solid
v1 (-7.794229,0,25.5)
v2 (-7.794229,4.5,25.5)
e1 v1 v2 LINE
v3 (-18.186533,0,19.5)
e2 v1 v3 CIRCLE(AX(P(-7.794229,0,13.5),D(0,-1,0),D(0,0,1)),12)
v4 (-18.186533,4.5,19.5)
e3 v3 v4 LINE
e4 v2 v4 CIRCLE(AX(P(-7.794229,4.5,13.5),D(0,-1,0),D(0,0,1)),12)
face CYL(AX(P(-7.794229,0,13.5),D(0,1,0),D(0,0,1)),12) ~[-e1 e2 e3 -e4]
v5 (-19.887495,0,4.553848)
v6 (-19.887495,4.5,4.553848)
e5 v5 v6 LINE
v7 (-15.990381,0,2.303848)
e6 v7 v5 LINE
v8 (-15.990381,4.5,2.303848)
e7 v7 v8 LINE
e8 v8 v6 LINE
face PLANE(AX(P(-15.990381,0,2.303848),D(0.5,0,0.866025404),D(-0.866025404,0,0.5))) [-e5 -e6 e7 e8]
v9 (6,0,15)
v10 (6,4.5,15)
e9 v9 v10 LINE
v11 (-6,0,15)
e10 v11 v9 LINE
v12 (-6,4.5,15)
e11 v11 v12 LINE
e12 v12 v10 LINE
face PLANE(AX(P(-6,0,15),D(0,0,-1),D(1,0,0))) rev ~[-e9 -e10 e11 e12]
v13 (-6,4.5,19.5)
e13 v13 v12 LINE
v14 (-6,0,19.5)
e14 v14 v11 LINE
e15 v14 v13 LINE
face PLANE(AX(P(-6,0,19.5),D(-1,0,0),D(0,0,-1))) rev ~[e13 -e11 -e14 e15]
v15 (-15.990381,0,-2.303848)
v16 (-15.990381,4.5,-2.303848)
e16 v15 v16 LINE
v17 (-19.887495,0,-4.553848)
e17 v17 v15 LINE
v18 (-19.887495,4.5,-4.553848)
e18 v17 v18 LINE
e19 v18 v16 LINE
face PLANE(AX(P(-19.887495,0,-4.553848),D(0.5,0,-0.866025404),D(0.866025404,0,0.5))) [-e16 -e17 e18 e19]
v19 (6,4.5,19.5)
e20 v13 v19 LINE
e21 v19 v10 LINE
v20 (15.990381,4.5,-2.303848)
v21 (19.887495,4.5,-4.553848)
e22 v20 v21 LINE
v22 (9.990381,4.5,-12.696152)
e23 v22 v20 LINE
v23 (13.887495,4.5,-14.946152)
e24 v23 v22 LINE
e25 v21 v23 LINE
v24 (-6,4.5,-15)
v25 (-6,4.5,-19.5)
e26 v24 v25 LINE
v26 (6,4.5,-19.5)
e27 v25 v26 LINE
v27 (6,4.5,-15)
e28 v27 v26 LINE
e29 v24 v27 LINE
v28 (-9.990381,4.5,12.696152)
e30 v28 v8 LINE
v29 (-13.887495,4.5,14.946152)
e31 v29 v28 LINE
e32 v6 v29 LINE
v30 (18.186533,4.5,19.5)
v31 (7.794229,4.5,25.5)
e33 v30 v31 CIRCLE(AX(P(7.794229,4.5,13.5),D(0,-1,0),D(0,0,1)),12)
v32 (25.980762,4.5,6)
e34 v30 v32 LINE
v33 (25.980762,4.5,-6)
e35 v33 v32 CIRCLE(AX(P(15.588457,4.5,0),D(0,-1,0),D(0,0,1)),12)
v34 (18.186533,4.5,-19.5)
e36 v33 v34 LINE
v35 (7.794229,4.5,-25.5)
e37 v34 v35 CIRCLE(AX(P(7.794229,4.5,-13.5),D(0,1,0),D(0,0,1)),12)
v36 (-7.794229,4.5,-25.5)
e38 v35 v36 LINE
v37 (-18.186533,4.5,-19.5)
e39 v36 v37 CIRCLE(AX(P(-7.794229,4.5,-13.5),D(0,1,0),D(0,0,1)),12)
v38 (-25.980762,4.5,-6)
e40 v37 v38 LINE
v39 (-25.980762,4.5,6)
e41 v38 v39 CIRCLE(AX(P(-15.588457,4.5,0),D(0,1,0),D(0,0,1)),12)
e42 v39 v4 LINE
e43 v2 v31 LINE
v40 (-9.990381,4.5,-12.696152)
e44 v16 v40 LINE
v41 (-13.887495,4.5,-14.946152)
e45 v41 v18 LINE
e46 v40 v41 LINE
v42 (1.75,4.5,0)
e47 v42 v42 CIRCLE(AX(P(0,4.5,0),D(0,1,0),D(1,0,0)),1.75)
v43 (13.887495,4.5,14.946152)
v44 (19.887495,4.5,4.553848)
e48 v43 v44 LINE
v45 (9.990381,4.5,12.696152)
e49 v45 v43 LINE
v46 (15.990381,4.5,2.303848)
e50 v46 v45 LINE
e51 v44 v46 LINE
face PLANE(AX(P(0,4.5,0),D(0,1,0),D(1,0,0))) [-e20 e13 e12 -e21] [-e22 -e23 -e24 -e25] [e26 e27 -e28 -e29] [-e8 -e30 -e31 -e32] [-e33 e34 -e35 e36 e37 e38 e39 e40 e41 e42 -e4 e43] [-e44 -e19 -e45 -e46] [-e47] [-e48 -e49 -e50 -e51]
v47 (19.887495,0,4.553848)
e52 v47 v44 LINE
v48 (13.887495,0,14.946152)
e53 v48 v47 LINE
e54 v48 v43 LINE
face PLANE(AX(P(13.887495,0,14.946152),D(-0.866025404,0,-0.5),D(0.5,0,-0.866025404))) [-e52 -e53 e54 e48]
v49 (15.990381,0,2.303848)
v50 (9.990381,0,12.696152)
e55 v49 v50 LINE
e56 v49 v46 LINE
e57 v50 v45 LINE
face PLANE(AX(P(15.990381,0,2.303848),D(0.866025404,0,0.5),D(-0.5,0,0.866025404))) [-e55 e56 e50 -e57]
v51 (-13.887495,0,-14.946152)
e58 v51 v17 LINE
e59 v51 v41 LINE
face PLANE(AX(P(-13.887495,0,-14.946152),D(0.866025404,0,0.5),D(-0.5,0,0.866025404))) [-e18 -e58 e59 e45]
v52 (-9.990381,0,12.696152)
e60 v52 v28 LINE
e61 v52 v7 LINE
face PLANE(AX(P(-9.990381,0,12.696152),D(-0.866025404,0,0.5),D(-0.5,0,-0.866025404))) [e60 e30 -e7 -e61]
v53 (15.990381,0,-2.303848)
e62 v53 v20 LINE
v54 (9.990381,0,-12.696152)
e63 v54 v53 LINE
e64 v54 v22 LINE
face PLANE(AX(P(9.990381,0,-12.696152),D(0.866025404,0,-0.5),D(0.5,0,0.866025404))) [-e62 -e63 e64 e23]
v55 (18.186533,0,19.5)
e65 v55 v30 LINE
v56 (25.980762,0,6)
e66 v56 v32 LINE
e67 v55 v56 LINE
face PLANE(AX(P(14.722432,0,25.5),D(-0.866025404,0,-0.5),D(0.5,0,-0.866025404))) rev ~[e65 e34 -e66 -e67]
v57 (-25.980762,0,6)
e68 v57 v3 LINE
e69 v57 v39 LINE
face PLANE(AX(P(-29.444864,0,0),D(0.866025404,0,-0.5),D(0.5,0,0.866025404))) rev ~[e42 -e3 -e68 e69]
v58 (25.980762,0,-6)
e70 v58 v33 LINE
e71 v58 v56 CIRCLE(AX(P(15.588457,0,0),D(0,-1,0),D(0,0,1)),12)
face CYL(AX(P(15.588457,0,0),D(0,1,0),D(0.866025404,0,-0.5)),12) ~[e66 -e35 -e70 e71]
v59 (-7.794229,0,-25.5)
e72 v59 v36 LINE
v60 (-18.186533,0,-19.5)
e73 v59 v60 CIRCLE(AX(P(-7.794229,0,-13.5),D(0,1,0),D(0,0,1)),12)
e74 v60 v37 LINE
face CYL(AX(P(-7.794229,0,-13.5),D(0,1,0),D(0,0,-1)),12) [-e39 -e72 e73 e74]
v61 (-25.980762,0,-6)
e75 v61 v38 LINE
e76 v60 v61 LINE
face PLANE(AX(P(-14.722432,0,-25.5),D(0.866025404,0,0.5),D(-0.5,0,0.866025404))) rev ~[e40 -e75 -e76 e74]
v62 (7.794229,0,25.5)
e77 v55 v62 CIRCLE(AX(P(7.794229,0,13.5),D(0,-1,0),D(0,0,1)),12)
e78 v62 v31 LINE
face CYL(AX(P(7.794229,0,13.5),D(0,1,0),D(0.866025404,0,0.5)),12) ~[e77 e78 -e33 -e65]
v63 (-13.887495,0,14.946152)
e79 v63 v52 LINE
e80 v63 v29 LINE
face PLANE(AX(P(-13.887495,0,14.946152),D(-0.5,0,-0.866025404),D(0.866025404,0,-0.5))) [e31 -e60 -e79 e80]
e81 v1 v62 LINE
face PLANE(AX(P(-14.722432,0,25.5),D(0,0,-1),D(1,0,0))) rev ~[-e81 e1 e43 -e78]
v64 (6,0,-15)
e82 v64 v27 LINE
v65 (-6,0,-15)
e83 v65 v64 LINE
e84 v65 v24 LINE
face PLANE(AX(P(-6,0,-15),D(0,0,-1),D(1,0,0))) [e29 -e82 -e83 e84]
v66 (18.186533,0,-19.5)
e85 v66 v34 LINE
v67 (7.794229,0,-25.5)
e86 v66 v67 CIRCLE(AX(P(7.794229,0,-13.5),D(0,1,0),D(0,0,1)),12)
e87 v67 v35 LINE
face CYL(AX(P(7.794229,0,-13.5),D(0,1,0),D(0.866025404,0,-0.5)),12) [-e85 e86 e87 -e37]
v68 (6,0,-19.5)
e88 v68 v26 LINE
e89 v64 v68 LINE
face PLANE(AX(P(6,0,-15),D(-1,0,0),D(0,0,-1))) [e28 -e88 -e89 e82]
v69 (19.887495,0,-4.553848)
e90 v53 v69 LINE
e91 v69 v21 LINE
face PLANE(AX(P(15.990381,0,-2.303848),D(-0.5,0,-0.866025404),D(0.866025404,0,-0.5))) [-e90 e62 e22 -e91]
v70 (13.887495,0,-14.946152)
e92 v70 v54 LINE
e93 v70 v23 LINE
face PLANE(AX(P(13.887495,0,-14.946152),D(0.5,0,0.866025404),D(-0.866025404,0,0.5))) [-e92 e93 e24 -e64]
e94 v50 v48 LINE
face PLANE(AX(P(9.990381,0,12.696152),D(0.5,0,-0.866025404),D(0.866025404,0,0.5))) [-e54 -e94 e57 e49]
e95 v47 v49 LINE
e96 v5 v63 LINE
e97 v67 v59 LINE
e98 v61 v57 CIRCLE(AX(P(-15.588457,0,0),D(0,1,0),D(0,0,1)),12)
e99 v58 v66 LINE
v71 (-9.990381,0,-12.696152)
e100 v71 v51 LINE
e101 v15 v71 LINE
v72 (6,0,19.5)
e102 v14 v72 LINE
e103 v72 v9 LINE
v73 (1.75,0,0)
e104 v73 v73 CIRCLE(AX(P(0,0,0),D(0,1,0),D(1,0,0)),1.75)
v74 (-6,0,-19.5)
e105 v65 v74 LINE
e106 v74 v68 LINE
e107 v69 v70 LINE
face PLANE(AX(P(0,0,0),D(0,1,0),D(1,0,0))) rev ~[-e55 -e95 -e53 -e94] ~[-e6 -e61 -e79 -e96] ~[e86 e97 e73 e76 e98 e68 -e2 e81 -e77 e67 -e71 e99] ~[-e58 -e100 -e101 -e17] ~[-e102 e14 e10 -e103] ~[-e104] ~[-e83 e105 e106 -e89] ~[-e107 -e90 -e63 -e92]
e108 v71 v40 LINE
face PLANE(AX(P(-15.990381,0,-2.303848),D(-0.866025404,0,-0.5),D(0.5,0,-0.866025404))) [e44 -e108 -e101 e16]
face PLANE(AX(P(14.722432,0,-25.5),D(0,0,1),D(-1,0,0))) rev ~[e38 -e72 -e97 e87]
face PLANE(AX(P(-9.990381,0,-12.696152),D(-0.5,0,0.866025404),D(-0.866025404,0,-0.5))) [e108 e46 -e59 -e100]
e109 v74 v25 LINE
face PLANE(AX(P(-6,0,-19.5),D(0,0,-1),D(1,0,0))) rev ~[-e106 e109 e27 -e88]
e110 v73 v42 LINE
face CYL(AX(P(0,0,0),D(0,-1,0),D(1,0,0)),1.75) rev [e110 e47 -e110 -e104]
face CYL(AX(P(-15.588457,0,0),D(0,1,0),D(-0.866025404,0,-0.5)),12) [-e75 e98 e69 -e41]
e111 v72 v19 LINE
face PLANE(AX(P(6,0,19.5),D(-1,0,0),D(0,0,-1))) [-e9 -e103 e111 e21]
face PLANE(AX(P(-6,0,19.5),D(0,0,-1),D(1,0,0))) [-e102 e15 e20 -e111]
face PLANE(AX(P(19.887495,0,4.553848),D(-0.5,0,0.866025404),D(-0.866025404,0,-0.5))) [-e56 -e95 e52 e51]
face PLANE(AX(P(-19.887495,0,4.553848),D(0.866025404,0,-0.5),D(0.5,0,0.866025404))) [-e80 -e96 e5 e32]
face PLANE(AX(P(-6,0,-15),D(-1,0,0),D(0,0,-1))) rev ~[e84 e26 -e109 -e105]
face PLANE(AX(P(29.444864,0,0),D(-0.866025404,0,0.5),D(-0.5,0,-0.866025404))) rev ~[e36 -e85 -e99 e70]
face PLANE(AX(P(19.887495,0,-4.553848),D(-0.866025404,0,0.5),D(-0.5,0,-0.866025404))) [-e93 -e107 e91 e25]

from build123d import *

# Parameters (mm, degrees)
SKETCH_1_R      = 1.75
SKETCH_1_W      = 12
SKETCH_1_H      = 4.5
EXTRUDE_1_DEPTH = 4.5
FILLET_1_R      = 12


with BuildPart() as part:
    # 草图1 → 凸台-拉伸1 (new body)
    with BuildSketch(Plane(origin=(0, 0, 0), x_dir=(1, 0, 0), z_dir=(0, 1, 0))):
        Polygon((29.444863729, 0), (14.722431864, 25.5), (-14.722431864, 25.5), (-29.444863729, 0), (-14.722431864, -25.5), (14.722431864, -25.5), align=None)
        Circle(SKETCH_1_R, mode=Mode.SUBTRACT)
        Polygon((13.887495374, 14.946152423), (9.990381057, 12.696152423), (15.990381057, 2.303847577), (19.887495374, 4.553847577), align=None, mode=Mode.SUBTRACT)
        with Locations((0, 17.25)):
            Rectangle(SKETCH_1_W, SKETCH_1_H, mode=Mode.SUBTRACT)
        Polygon((19.887495374, -4.553847577), (15.990381057, -2.303847577), (9.990381057, -12.696152423), (13.887495374, -14.946152423), align=None, mode=Mode.SUBTRACT)
        with Locations((0, -17.25)):
            Rectangle(SKETCH_1_W, SKETCH_1_H, mode=Mode.SUBTRACT)
        Polygon((-13.887495374, -14.946152423), (-9.990381057, -12.696152423), (-15.990381057, -2.303847577), (-19.887495374, -4.553847577), align=None, mode=Mode.SUBTRACT)
        Polygon((-19.887495374, 4.553847577), (-15.990381057, 2.303847577), (-9.990381057, 12.696152423), (-13.887495374, 14.946152423), align=None, mode=Mode.SUBTRACT)
    extrude(amount=EXTRUDE_1_DEPTH)

    # 圆角1
    fillet_1_edges = [part.edges().sort_by_distance(p)[0] for p in [
        (14.722431864, 2.25, 25.5),
        (-14.722431864, 2.25, 25.5),
        (-29.444863729, 2.25, 0),
        (-14.722431864, 2.25, -25.5),
        (14.722431864, 2.25, -25.5),
        (29.444863729, 2.25, 0),
    ]]
    fillet(fillet_1_edges, radius=FILLET_1_R)


solid = part.part
